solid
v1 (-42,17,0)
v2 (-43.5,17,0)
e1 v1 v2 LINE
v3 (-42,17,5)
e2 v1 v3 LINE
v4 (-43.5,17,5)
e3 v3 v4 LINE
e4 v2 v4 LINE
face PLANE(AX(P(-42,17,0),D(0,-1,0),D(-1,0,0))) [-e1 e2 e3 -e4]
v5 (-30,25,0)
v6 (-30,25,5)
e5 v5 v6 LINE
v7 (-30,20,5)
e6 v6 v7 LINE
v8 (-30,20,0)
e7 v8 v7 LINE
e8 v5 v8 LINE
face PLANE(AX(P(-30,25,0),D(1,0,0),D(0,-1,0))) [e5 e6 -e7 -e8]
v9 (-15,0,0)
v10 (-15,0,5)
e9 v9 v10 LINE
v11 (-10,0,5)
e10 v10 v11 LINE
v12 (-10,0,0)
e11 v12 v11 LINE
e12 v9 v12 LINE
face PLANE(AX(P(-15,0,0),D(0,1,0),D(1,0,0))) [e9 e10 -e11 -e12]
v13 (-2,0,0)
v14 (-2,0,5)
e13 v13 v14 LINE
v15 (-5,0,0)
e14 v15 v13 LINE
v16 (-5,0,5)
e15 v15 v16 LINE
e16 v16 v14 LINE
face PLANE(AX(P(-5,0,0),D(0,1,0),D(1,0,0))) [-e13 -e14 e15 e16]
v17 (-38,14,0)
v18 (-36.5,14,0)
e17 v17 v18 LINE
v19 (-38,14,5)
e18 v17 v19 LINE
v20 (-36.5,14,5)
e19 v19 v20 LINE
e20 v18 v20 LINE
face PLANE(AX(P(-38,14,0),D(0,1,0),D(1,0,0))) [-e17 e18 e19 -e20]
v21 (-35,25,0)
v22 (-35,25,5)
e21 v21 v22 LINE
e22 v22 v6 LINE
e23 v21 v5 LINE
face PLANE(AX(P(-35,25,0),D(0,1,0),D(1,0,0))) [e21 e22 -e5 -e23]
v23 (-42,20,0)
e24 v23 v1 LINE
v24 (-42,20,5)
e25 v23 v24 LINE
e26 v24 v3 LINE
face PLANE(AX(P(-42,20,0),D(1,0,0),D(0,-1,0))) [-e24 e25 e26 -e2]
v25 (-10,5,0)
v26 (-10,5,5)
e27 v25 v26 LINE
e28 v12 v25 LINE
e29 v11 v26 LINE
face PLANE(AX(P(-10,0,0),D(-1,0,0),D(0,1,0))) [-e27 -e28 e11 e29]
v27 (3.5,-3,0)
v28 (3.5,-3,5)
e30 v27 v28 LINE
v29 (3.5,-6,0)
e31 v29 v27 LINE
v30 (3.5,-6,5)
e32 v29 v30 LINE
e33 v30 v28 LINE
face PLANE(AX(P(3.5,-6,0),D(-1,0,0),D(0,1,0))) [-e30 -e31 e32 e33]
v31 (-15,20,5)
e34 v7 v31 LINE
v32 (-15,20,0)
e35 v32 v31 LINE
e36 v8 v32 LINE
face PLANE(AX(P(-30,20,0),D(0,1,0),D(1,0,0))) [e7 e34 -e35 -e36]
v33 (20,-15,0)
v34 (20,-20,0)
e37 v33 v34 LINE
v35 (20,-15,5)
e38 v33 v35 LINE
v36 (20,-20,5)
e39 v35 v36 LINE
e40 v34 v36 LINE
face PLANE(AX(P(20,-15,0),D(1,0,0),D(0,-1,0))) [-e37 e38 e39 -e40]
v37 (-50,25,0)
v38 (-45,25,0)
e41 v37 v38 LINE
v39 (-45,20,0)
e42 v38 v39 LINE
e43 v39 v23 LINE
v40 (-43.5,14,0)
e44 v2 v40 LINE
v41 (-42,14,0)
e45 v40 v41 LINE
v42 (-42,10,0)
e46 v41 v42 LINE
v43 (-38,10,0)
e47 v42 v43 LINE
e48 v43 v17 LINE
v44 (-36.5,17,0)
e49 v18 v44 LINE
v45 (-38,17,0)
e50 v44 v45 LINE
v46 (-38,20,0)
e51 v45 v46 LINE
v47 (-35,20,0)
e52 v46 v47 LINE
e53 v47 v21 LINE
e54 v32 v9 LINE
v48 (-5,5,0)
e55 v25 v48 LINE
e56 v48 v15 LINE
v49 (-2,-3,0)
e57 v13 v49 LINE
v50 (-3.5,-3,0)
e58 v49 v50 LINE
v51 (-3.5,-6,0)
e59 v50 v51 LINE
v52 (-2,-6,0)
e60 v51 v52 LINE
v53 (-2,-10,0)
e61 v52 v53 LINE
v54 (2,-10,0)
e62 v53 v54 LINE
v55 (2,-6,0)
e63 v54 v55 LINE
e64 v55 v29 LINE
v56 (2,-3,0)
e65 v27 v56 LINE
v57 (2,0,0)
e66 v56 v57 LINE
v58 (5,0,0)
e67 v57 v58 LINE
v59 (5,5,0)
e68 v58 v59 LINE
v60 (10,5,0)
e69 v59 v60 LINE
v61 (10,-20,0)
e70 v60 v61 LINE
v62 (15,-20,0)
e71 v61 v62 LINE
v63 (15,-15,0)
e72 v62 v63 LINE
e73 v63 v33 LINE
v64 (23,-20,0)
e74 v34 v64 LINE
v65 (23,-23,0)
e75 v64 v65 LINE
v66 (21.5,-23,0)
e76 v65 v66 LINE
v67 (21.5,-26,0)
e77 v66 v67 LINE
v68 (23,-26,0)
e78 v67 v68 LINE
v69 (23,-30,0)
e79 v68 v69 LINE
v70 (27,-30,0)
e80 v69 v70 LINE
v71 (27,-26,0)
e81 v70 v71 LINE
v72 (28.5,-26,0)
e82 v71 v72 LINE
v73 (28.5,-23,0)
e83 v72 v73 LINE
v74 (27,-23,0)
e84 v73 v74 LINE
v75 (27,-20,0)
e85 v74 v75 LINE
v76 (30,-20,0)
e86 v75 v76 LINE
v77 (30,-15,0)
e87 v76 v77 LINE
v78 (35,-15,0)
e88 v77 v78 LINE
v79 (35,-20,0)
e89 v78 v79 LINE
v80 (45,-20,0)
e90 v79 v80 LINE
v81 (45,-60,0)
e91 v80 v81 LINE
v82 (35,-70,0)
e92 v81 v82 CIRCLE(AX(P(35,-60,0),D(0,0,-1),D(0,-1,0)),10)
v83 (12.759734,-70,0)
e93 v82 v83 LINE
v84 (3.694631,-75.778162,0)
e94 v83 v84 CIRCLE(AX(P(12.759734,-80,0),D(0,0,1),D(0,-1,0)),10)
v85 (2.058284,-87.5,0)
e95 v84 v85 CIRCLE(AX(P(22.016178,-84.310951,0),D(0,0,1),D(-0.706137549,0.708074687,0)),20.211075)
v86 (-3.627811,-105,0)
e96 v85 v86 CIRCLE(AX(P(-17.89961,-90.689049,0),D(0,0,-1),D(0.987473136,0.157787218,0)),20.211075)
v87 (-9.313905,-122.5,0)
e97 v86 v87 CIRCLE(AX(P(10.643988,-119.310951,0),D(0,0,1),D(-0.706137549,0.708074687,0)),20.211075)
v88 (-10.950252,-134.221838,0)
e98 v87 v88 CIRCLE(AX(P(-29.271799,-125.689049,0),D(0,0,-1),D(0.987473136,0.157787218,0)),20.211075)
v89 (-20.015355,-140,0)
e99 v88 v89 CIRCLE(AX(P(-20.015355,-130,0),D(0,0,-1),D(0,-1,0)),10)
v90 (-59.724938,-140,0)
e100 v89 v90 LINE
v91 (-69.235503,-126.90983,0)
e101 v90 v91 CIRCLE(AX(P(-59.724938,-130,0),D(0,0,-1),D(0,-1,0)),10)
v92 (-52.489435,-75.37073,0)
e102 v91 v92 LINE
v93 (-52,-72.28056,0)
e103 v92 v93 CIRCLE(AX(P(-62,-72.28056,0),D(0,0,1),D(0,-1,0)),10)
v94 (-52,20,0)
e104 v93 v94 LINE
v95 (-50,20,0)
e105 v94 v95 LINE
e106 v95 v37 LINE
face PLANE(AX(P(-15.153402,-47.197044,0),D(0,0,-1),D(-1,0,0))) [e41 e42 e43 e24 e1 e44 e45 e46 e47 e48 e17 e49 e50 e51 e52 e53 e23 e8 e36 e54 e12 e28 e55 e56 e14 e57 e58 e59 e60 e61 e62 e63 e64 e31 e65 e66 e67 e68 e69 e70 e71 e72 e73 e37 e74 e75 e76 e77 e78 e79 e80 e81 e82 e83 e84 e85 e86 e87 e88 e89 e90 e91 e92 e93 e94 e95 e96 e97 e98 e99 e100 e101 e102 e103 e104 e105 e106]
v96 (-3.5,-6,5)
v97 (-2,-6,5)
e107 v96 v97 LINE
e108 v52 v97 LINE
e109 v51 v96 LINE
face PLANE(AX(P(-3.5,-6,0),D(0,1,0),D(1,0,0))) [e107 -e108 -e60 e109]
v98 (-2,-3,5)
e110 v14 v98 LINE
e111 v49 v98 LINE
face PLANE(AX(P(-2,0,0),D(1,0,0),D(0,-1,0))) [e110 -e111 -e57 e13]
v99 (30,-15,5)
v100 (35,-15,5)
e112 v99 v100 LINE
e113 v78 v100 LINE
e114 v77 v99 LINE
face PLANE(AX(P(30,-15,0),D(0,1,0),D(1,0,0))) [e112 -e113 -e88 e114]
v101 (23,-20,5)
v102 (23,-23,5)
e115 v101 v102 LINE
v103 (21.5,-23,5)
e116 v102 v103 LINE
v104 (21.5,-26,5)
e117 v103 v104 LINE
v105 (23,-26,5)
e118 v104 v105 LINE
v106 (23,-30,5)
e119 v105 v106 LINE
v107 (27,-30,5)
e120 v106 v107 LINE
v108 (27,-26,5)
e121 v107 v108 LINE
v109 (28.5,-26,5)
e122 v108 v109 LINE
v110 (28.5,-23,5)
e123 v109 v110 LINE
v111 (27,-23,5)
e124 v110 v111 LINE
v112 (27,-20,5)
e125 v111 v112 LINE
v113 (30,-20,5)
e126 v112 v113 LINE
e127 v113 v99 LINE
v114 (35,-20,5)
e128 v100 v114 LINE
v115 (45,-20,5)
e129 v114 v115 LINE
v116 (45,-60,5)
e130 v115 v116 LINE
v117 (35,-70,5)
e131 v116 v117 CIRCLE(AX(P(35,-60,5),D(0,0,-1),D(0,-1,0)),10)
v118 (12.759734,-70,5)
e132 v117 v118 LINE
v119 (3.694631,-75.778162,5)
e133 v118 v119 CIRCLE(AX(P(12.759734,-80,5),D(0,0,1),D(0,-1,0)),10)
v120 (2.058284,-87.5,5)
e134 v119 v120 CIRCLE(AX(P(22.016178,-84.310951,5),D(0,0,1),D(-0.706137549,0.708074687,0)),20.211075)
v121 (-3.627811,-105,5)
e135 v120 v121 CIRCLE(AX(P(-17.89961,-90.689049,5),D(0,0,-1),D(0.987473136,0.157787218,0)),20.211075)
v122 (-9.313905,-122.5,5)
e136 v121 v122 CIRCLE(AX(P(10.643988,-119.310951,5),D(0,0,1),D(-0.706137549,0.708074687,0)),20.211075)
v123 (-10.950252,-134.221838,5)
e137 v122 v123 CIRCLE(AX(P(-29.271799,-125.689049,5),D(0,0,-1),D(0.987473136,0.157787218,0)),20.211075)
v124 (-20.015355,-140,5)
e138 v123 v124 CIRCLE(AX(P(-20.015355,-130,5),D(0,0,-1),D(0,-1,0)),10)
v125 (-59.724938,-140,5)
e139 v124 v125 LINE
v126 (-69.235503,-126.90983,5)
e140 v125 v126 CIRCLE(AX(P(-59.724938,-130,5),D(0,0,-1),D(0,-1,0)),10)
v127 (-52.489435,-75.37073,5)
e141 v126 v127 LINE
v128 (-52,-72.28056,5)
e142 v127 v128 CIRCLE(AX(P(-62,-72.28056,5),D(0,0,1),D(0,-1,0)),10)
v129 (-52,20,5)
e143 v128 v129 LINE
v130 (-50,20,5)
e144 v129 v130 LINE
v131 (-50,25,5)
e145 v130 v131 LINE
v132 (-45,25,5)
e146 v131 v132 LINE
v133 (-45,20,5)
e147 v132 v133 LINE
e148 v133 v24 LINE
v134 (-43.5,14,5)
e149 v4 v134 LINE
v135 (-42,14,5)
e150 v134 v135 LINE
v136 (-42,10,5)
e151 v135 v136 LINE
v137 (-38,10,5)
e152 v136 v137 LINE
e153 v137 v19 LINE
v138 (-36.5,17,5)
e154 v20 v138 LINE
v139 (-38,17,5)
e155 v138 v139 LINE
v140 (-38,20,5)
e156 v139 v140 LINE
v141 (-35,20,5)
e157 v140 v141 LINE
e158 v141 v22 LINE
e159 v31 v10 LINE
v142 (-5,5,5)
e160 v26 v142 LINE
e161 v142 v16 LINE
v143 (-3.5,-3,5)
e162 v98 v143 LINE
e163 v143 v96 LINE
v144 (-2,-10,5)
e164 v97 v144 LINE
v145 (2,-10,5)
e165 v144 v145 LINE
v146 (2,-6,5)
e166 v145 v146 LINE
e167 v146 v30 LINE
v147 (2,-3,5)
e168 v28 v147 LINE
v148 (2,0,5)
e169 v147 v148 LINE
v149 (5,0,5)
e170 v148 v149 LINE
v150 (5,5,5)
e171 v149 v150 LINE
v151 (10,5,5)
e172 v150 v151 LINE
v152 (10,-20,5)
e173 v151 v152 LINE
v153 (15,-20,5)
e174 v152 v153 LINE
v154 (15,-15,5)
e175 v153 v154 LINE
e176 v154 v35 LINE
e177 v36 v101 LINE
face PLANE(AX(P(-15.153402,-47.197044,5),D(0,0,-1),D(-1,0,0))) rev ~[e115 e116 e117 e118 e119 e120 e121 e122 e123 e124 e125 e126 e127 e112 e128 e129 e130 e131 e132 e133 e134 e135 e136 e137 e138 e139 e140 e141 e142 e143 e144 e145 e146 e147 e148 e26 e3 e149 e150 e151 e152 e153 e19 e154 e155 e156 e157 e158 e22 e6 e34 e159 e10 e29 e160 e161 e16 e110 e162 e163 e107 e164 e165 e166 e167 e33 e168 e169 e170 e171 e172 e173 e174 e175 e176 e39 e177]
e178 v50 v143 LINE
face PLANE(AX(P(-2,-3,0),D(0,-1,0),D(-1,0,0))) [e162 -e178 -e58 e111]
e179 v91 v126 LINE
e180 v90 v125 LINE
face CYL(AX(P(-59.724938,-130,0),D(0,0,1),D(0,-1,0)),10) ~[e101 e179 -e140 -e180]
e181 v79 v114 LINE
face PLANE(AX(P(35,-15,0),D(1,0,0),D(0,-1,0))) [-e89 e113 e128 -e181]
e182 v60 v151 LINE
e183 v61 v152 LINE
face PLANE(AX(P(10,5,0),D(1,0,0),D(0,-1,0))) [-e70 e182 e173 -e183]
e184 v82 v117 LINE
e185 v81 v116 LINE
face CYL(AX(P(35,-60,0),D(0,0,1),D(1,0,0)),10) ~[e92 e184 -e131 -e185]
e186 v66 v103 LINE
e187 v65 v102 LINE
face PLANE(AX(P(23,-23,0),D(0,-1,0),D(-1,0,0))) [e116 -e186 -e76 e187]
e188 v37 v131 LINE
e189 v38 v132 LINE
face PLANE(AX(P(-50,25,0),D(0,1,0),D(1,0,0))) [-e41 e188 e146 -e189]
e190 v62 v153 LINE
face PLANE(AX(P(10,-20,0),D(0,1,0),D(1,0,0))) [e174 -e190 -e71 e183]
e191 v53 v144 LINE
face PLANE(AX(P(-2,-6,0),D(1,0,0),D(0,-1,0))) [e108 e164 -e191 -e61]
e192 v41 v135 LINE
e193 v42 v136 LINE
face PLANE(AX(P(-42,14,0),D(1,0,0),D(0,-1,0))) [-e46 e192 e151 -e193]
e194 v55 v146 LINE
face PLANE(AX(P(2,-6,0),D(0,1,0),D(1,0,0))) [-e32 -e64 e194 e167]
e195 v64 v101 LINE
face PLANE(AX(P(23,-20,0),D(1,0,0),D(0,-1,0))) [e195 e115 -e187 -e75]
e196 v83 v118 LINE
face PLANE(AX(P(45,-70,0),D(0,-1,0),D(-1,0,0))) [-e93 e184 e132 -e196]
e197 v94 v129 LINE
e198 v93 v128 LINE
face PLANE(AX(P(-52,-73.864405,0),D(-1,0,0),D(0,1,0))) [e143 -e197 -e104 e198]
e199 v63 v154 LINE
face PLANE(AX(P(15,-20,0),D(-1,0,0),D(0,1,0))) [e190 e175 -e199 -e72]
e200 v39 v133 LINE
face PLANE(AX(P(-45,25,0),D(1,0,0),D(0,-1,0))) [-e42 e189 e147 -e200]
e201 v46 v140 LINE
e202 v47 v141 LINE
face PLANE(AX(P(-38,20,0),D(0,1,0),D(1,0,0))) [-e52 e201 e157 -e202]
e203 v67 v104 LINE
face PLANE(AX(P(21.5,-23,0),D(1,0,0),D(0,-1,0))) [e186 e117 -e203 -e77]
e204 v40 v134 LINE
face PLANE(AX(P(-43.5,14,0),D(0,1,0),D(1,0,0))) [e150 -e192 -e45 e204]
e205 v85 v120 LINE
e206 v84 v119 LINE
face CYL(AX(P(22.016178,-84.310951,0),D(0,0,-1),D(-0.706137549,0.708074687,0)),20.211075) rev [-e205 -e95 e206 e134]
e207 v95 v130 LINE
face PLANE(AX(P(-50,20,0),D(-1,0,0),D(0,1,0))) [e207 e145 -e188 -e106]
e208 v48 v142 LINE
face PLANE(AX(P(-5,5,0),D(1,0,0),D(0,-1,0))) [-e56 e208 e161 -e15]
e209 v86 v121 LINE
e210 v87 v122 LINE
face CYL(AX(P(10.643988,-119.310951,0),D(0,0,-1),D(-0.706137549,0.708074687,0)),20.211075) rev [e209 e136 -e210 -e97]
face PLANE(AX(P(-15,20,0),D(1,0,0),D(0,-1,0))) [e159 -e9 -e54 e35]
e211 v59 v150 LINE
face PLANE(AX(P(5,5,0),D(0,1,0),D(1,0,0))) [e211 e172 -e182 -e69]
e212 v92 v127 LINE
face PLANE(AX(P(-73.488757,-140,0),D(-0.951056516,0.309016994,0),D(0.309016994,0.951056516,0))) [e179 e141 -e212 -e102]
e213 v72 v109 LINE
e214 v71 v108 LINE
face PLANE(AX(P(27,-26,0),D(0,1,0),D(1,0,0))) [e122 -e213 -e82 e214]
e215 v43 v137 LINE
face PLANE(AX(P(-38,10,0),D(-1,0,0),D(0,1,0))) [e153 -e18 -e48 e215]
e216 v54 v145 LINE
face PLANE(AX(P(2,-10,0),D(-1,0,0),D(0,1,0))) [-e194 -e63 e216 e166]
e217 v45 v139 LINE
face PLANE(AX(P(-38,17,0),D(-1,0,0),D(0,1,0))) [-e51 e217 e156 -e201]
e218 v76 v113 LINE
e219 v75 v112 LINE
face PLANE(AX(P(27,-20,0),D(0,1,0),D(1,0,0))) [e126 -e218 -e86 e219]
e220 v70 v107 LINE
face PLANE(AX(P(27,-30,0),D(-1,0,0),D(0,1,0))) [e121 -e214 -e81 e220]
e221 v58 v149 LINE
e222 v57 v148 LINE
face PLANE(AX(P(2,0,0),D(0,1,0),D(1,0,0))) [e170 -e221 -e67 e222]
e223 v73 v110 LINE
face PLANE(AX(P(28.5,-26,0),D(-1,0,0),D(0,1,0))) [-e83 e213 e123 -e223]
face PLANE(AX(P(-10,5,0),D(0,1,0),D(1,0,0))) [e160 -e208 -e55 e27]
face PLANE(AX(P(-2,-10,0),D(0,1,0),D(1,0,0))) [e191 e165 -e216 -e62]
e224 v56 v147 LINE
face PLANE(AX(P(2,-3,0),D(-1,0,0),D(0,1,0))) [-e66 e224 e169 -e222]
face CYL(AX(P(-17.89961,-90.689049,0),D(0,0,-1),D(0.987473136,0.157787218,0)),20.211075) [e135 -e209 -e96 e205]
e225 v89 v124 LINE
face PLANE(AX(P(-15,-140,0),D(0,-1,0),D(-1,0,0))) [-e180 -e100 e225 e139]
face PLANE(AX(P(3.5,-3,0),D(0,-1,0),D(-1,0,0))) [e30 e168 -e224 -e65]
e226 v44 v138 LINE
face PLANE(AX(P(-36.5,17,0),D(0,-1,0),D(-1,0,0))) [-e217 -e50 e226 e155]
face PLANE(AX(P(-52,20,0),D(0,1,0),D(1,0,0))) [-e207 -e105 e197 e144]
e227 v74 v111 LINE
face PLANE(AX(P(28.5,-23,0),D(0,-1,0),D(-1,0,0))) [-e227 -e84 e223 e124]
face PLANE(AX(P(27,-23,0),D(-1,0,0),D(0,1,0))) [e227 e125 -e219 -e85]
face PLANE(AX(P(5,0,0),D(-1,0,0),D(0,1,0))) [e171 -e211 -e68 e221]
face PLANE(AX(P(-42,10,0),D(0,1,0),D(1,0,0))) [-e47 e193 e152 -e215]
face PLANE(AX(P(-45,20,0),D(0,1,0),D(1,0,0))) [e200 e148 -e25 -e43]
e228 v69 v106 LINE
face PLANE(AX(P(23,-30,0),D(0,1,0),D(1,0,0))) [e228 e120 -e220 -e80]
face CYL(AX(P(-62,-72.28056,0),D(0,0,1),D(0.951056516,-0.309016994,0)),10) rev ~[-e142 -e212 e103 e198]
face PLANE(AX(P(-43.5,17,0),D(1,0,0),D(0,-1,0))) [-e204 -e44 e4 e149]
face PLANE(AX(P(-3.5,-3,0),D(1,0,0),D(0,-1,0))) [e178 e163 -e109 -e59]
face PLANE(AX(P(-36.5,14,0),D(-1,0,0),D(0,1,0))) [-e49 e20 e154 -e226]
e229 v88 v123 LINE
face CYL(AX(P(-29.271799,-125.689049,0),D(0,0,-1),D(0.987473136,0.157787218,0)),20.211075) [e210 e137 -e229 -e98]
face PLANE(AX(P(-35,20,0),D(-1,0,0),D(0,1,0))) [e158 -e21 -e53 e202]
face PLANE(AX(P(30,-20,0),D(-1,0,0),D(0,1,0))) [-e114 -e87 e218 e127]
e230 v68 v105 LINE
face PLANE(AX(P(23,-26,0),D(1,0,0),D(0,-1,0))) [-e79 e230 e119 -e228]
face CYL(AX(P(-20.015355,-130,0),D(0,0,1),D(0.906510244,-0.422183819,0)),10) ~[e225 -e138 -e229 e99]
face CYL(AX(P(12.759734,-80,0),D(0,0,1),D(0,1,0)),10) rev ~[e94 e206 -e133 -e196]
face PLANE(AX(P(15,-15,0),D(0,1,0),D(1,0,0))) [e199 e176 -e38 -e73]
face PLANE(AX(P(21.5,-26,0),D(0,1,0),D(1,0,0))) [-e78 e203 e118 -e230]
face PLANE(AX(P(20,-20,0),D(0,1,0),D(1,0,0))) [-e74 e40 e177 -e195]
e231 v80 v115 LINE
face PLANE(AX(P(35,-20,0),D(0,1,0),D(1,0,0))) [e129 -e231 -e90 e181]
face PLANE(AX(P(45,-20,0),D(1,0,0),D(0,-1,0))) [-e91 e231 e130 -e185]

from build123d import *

# Parameters (mm, degrees)
BOSS_EXTRU_1_DEPTH = 5
CONG_1_R           = 10


with BuildPart() as part:
    # Esquisse1 → Boss.-Extru.1 (new body)
    with BuildSketch(Plane.XY):
        with BuildLine():
            Line((10, 0), (10, -20))
            Line((10, -20), (15, -20))
            Line((15, -20), (15, -15))
            Line((15, -15), (20, -15))
            Line((20, -15), (20, -20))
            Line((20, -20), (23, -20))
            Line((23, -20), (23, -23))
            Line((23, -23), (21.5, -23))
            Line((21.5, -23), (21.5, -26))
            Line((21.5, -26), (23, -26))
            Line((23, -26), (23, -30))
            Line((23, -30), (27, -30))
            Line((27, -30), (27, -26))
            Line((27, -26), (28.5, -26))
            Line((28.5, -26), (28.5, -23))
            Line((28.5, -23), (27, -23))
            Line((27, -23), (27, -20))
            Line((27, -20), (30, -20))
            Line((30, -20), (30, -15))
            Line((30, -15), (35, -15))
            Line((35, -15), (35, -20))
            Line((35, -20), (45, -20))
            Line((45, -20), (45, -70))
            Line((45, -70), (7.744378736, -70))
            ThreePointArc((7.744378736, -70), (2.794303084, -78.065385001), (2.058284052, -87.5))
            ThreePointArc((2.058284052, -87.5), (1.322265021, -96.934614999), (-3.627810632, -105))
            ThreePointArc((-3.627810632, -105), (-8.577886284, -113.065385001), (-9.313905316, -122.5))
            ThreePointArc((-9.313905316, -122.5), (-10.049924347, -131.934614999), (-15, -140))
            Line((-15, -140), (-73.488757473, -140))
            Line((-73.488757473, -140), (-52, -73.864404892))
            Line((-52, -73.864404892), (-52, 20))
            Line((-52, 20), (-50, 20))
            Line((-50, 20), (-50, 25))
            Line((-50, 25), (-45, 25))
            Line((-45, 25), (-45, 20))
            Line((-45, 20), (-42, 20))
            Line((-42, 20), (-42, 17))
            Line((-42, 17), (-43.5, 17))
            Line((-43.5, 17), (-43.5, 14))
            Line((-43.5, 14), (-42, 14))
            Line((-42, 14), (-42, 10))
            Line((-42, 10), (-38, 10))
            Line((-38, 10), (-38, 14))
            Line((-38, 14), (-36.5, 14))
            Line((-36.5, 14), (-36.5, 17))
            Line((-36.5, 17), (-38, 17))
            Line((-38, 17), (-38, 20))
            Line((-38, 20), (-35, 20))
            Line((-35, 20), (-35, 25))
            Line((-35, 25), (-30, 25))
            Line((-30, 25), (-30, 20))
            Line((-30, 20), (-15, 20))
            Line((-15, 20), (-15, 0))
            Line((-15, 0), (-10, 0))
            Line((-10, 0), (-10, 5))
            Line((-10, 5), (-5, 5))
            Line((-5, 5), (-5, 0))
            Line((-5, 0), (-2, 0))
            Line((-2, 0), (-2, -3))
            Line((-2, -3), (-3.5, -3))
            Line((-3.5, -3), (-3.5, -6))
            Line((-3.5, -6), (-2, -6))
            Line((-2, -6), (-2, -10))
            Line((-2, -10), (2, -10))
            Line((2, -10), (2, -6))
            Line((2, -6), (3.5, -6))
            Line((3.5, -6), (3.5, -3))
            Line((3.5, -3), (2, -3))
            Line((2, -3), (2, 0))
            Line((2, 0), (5, 0))
            Line((5, 0), (5, 5))
            Line((5, 5), (10, 5))
            Line((10, 5), (10, 0))
        make_face()
    extrude(amount=BOSS_EXTRU_1_DEPTH)

    # Congé1
    cong_1_edges = [part.edges().sort_by_distance(p)[0] for p in [
        (45, -70, 2.5),
        (7.744378736, -70, 2.5),
        (-15, -140, 2.5),
        (-73.488757473, -140, 2.5),
        (-52, -73.864404892, 2.5),
    ]]
    fillet(cong_1_edges, radius=CONG_1_R)


solid = part.part
